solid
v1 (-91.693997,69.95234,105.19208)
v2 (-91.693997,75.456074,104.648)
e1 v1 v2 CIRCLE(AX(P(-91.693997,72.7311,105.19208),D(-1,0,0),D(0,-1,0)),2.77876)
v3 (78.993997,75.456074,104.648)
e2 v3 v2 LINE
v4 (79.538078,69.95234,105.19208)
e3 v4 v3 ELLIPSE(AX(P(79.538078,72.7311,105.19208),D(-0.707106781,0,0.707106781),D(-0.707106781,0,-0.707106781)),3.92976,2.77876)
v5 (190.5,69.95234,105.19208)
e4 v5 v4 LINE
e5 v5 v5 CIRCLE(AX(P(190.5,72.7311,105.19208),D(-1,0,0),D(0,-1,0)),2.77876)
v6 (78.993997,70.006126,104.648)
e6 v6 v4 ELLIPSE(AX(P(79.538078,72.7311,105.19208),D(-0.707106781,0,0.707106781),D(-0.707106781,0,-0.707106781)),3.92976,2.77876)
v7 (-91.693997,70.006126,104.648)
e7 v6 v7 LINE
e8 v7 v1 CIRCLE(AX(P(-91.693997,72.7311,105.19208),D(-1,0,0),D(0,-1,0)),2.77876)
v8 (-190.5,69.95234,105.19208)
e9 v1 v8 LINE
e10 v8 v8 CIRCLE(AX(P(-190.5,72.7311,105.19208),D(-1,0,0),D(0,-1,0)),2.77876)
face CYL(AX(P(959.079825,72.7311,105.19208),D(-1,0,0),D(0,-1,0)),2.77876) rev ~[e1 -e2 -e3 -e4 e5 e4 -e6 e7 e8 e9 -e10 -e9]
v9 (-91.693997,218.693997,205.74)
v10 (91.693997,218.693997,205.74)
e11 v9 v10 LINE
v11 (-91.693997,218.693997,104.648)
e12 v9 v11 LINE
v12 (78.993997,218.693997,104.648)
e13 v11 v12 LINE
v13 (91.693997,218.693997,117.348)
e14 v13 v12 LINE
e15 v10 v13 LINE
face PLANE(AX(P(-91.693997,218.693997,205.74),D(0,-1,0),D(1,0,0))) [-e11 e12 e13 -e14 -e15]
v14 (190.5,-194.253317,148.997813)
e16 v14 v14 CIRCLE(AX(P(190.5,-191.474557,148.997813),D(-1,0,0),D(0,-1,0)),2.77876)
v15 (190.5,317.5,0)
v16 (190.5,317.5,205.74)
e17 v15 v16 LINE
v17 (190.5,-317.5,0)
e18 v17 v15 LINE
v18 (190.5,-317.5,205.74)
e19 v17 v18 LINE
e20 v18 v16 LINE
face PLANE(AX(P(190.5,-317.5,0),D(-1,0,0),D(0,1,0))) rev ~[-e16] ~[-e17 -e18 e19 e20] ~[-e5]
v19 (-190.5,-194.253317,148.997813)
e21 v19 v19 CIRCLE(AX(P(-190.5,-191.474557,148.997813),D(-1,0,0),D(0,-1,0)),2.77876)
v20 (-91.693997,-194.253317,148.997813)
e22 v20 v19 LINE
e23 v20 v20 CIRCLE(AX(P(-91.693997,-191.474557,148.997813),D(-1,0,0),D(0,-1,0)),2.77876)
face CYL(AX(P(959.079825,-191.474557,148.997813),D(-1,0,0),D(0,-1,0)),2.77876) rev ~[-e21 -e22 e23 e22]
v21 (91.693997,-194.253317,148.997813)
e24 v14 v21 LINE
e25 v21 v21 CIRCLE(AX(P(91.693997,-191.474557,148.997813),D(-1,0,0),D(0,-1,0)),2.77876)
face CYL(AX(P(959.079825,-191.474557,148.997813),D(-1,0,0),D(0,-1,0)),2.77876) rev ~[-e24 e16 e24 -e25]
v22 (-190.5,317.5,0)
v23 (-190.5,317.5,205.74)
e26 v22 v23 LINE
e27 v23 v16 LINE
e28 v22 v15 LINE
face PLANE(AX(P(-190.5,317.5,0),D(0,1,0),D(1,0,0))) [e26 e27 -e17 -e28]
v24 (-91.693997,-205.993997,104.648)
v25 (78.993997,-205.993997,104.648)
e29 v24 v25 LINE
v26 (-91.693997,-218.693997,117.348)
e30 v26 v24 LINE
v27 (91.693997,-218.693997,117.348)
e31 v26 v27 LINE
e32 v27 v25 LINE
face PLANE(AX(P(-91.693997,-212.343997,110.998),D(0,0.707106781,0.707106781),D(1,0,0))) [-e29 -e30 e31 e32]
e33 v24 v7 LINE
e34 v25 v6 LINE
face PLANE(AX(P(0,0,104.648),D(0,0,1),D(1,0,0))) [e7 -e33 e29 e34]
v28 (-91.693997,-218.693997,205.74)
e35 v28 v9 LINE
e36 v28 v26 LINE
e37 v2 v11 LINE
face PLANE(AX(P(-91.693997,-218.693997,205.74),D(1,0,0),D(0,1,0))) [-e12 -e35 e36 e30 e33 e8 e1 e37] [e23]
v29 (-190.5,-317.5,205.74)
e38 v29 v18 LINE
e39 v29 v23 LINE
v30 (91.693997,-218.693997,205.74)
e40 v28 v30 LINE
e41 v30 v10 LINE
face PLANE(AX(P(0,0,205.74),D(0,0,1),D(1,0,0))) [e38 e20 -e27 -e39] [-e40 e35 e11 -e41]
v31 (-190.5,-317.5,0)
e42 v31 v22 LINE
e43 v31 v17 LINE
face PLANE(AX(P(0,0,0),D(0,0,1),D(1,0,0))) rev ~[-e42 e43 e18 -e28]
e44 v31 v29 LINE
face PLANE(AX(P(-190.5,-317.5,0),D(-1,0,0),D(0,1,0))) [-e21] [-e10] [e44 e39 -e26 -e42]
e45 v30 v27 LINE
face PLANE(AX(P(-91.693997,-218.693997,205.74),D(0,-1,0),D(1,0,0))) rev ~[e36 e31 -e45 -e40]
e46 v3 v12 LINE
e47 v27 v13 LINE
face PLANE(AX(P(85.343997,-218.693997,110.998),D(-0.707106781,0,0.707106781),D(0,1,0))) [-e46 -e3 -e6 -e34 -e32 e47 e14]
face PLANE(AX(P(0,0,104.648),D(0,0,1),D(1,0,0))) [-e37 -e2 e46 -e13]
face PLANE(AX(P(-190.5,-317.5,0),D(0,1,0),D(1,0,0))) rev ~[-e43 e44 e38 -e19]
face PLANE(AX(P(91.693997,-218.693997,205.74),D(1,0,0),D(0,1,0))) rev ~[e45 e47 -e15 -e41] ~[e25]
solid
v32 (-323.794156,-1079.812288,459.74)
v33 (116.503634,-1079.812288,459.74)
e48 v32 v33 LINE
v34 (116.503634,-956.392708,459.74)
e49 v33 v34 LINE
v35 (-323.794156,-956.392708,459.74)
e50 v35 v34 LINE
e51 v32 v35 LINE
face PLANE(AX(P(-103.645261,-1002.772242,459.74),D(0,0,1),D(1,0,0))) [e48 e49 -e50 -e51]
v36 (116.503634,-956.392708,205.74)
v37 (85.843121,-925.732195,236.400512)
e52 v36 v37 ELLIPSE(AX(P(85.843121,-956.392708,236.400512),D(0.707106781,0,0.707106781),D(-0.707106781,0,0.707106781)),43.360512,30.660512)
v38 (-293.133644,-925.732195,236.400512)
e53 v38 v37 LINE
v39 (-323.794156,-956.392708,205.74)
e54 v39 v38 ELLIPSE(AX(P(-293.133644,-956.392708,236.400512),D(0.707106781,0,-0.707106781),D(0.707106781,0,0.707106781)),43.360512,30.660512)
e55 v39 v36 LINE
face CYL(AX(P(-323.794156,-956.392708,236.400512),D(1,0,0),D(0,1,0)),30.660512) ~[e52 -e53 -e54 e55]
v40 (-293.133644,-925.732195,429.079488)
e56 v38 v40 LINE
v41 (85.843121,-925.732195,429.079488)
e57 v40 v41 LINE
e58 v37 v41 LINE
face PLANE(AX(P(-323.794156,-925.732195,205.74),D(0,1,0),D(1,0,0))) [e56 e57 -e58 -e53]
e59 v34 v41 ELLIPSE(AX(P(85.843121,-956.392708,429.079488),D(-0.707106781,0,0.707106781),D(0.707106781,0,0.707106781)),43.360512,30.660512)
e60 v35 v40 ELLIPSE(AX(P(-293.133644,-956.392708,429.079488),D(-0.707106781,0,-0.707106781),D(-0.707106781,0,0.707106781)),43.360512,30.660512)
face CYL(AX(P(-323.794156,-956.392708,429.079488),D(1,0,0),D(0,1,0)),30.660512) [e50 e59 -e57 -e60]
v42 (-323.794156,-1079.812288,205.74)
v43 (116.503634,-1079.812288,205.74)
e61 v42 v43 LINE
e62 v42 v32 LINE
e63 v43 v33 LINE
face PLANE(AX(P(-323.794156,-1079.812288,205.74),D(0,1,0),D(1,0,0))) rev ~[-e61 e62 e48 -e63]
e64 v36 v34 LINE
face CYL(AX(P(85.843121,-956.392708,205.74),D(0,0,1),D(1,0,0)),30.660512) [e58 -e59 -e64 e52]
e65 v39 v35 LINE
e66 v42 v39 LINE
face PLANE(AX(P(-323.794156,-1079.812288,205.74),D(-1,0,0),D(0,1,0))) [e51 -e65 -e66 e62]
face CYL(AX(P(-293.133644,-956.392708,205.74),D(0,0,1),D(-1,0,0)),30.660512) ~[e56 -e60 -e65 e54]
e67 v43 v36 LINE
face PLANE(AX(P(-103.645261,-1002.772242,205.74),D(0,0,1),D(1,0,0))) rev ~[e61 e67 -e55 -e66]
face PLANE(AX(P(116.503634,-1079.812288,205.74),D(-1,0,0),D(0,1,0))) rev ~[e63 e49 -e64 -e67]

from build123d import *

# Parameters (mm, degrees)
F0_W     = 381
F0_H     = 635
F1_DEPTH = 205.74
F2_W     = 183.3879947662
F2_H     = 437.3879947662
F3_DEPTH = 101.092
F4_W     = 440.2977898717
F4_H     = 154.080092907
F5_DEPTH = 254
F6_R     = 30.6605122421
F7_SIZE  = 12.7
F9_D     = 5.55752


with BuildPart() as f1:
    # F0 (on Top) → F1 (new body)
    with BuildSketch(Plane.XY):
        Rectangle(F0_W, F0_H)
    extrude(amount=F1_DEPTH)

    # F2 (on face) → F3 (cut)
    with BuildSketch(Plane.XY.offset(205.74)):
        Rectangle(F2_W, F2_H)
    extrude(amount=-F3_DEPTH, mode=Mode.SUBTRACT)

    # F7
    f7_edges = [f1.edges().sort_by_distance(p)[0] for p in [
        (0, -218.693997, 104.648),
        (91.693997, 0, 104.648),
    ]]
    chamfer(f7_edges, length=F7_SIZE)

    # F9 (through all)
    with Locations(Plane.YZ.offset(190.5)):
        with Locations((-191.4745569229, 148.9978134632), (72.7311000228, 105.1920801401)):
            Hole(F9_D / 2)


with BuildPart() as f5:
    # F4 (on face) → F5 (new body)
    with BuildSketch(Plane.XY.offset(205.74)):
        with Locations((-103.6452613771, -1002.7722418308)):
            Rectangle(F4_W, F4_H)
    extrude(amount=F5_DEPTH)

    # F6
    f6_edges = [f5.edges().sort_by_distance(p)[0] for p in [
        (116.503634, -925.732195, 332.74),
        (-323.794156, -925.732195, 332.74),
        (-103.645261, -925.732195, 205.74),
        (-103.645261, -925.732195, 459.74),
    ]]
    fillet(f6_edges, radius=F6_R)


solid = Compound([f1.part, f5.part])
